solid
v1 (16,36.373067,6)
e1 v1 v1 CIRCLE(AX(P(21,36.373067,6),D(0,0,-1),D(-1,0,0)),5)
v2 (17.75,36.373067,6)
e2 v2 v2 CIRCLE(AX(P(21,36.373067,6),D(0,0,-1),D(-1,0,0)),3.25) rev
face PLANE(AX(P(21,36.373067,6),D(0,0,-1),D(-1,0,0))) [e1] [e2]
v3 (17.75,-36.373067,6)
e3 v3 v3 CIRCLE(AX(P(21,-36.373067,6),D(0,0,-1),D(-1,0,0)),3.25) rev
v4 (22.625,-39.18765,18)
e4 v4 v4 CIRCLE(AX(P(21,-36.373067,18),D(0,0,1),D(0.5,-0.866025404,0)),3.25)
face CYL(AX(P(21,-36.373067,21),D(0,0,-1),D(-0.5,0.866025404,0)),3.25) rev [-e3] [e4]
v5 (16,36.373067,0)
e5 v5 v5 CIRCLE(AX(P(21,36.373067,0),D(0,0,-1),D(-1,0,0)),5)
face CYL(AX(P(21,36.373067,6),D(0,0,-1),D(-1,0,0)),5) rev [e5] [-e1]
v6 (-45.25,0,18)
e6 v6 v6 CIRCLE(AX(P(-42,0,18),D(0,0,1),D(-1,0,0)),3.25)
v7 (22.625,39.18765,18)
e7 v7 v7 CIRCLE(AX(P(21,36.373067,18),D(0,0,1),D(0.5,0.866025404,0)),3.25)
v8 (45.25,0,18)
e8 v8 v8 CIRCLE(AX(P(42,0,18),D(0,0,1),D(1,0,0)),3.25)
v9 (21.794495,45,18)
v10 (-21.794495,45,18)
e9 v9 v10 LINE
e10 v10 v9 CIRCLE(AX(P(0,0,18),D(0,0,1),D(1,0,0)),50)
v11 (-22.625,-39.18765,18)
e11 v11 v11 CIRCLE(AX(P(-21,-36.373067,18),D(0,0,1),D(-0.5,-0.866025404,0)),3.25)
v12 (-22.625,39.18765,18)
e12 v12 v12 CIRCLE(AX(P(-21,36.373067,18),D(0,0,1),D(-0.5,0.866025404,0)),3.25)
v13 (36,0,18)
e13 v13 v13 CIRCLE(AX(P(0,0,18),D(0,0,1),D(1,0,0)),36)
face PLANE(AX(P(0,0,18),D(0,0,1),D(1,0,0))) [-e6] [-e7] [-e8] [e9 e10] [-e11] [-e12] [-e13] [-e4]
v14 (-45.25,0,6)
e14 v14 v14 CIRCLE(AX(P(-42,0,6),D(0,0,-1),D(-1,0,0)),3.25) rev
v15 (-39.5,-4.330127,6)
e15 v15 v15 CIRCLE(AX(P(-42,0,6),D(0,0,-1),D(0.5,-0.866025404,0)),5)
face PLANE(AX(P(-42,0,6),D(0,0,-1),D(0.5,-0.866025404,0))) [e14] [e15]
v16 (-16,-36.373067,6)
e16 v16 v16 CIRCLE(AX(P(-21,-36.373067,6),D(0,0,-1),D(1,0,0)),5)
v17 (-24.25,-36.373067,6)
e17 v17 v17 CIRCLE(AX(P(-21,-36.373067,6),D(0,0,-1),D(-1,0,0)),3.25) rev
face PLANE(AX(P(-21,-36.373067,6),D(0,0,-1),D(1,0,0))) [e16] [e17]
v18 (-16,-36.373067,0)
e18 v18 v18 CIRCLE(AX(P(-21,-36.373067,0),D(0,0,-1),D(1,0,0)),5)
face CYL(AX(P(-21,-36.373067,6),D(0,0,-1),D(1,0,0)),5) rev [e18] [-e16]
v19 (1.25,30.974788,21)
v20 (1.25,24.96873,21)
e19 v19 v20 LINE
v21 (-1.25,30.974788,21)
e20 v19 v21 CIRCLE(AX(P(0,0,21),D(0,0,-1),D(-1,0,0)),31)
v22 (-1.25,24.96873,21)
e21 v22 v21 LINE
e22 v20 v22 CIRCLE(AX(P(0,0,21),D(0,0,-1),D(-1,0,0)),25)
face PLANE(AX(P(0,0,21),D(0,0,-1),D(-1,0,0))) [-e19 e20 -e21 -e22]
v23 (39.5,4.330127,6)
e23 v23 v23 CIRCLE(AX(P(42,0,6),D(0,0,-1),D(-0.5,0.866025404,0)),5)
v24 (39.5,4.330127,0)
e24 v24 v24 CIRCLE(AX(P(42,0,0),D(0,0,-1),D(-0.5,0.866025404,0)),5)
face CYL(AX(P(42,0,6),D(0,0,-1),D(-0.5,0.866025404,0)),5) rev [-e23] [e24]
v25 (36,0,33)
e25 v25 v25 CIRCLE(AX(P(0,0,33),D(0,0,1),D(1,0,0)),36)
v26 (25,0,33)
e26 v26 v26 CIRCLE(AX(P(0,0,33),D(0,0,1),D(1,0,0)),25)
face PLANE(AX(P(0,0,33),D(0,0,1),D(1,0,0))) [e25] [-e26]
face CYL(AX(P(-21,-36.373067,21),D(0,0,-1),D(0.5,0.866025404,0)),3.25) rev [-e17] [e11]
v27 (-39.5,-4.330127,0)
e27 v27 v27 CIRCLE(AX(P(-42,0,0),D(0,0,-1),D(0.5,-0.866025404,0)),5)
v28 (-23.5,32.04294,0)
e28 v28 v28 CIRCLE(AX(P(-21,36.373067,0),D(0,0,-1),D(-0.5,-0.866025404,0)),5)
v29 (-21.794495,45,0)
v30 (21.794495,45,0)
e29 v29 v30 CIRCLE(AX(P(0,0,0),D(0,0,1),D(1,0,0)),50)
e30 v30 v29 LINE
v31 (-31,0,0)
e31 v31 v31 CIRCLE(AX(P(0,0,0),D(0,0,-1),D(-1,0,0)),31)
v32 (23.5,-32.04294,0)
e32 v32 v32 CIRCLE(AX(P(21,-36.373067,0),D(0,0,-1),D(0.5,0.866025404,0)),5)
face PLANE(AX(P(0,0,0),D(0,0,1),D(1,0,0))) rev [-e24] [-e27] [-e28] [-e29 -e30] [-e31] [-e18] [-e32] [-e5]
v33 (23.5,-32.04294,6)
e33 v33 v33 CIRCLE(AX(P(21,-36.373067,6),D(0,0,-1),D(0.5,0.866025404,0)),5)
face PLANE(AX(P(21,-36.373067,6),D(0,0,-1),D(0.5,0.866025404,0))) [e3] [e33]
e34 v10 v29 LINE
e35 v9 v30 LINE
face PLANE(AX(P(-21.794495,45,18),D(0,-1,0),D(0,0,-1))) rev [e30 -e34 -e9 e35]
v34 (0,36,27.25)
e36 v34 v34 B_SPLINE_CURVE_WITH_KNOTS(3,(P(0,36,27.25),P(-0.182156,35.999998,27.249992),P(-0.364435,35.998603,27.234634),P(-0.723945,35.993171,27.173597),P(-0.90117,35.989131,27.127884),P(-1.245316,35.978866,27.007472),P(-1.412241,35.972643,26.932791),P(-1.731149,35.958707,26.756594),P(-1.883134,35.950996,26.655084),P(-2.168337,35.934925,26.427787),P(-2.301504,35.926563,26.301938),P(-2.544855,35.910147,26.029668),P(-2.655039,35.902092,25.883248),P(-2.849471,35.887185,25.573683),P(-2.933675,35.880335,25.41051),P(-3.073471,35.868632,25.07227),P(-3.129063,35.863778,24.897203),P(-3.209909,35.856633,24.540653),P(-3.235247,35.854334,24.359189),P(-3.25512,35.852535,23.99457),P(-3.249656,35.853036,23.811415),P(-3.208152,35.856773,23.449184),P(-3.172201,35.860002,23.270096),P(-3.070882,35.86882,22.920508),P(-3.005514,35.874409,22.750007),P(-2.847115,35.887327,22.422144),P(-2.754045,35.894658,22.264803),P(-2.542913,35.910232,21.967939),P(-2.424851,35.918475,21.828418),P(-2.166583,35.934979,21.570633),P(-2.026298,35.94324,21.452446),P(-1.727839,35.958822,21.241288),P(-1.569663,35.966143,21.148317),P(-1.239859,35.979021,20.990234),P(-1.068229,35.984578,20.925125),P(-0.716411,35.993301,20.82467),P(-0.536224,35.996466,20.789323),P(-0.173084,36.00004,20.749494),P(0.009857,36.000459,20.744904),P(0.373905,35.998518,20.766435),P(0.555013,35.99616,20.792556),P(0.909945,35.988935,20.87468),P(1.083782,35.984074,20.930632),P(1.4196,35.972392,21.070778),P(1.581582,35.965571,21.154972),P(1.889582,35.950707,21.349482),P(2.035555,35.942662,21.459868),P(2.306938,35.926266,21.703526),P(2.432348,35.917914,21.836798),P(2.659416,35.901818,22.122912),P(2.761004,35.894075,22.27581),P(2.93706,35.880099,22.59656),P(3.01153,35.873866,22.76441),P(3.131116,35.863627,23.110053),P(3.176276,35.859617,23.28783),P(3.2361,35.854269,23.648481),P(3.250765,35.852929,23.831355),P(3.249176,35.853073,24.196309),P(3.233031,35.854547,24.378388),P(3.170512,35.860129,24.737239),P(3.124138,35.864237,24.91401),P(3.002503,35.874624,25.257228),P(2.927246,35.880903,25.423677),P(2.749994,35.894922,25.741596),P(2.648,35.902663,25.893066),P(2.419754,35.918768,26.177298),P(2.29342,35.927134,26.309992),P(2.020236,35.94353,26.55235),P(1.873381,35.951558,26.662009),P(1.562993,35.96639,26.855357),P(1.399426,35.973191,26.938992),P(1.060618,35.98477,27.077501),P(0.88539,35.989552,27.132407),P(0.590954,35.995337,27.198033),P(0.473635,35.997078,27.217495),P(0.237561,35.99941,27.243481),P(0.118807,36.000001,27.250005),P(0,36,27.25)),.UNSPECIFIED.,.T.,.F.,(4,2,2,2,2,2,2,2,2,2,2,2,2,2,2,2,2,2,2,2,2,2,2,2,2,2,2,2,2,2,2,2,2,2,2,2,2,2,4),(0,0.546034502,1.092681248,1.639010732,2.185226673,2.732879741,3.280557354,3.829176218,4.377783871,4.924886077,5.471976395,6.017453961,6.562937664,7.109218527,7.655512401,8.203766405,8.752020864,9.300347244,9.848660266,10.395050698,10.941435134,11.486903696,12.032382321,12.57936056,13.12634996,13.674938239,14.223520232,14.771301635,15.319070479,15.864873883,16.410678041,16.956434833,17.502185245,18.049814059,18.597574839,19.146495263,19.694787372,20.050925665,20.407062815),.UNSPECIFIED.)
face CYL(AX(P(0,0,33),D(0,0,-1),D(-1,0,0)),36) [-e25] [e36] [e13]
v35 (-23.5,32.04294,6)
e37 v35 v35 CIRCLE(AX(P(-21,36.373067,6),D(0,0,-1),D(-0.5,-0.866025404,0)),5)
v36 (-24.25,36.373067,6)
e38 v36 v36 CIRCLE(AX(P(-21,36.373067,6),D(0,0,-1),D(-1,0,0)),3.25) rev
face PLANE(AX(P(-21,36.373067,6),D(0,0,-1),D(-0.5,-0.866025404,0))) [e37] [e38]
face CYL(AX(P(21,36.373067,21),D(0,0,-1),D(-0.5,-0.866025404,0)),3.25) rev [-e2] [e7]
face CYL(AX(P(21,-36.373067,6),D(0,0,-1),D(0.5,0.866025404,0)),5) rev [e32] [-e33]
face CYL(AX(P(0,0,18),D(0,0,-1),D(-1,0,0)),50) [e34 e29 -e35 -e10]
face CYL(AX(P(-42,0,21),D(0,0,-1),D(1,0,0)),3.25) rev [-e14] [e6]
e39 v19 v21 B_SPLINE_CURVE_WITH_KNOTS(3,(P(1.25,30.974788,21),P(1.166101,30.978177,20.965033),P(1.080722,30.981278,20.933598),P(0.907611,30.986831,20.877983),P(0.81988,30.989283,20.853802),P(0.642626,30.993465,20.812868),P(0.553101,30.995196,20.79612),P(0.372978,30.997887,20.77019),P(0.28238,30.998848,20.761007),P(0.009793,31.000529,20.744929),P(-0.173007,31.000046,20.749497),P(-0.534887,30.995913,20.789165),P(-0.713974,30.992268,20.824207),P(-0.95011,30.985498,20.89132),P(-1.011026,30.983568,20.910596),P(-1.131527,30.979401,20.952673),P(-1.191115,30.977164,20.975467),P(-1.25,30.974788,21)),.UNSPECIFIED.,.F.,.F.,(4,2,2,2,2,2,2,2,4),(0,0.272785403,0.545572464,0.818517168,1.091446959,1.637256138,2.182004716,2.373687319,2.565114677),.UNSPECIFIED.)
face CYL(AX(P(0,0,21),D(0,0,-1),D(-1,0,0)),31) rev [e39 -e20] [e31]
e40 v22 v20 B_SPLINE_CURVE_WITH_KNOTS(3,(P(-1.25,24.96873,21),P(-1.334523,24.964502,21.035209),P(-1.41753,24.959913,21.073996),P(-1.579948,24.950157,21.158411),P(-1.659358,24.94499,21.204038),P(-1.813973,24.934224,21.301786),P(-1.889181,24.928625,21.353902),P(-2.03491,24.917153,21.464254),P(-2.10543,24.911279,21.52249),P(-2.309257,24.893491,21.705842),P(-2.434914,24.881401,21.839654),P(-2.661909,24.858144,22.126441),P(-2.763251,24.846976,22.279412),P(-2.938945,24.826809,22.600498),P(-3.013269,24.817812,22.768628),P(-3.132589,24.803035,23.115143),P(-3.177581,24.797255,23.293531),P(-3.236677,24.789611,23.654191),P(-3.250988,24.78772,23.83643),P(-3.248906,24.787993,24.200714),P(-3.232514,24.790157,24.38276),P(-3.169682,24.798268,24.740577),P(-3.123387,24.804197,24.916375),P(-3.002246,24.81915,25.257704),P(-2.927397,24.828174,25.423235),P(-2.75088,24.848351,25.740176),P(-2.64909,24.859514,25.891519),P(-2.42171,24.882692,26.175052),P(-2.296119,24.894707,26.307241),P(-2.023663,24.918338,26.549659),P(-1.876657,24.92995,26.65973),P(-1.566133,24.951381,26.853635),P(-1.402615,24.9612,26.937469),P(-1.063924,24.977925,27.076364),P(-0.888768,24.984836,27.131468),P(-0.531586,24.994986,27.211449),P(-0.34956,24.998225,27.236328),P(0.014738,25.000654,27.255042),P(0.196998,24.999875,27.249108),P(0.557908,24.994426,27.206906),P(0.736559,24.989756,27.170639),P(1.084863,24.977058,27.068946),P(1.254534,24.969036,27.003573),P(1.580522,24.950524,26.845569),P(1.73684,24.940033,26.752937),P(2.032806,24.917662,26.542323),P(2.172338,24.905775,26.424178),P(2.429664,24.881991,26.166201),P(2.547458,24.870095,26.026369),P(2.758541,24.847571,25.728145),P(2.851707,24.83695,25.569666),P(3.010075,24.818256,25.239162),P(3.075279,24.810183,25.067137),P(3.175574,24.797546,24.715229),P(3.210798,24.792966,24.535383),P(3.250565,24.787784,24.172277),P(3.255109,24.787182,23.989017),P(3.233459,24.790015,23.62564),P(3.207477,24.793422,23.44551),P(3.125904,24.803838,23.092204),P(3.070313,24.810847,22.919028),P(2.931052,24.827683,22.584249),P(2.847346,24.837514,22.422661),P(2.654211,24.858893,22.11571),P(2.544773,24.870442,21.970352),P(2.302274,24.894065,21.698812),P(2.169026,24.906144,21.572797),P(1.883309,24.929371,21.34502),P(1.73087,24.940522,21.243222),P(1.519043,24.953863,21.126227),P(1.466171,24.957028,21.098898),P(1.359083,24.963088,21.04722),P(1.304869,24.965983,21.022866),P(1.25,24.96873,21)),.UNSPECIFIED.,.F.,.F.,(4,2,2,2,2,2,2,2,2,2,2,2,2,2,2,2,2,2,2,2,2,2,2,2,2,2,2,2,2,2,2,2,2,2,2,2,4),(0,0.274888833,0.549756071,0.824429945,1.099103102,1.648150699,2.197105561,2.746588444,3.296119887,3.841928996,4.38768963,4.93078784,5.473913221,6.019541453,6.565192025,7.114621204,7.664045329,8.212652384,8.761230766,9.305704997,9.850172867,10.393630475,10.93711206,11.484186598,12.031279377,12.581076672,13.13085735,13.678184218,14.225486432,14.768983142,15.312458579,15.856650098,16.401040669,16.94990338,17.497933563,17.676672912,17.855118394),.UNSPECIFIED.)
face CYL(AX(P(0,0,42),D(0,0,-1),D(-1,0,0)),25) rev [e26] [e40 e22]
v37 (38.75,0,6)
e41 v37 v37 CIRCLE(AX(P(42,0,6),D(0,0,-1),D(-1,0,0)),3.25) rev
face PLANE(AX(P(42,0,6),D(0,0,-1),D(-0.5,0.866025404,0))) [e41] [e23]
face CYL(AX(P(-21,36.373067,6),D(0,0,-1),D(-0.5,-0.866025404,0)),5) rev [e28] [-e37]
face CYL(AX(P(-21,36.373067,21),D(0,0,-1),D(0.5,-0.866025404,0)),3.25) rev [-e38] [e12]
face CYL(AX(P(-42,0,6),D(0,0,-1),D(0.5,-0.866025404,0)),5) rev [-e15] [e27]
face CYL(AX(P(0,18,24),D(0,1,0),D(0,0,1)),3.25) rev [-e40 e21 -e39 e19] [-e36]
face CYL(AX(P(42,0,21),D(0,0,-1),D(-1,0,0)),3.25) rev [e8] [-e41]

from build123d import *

# Parameters (mm, degrees)
SALIENTE_EXTRUIR1_DEPTH = 18
CROQUIS2_R              = 36
SALIENTE_EXTRUIR2_DEPTH = 15
CROQUIS3_R              = 31
CORTAR_EXTRUIR1_DEPTH   = 21
CROQUIS4_R              = 25
CORTAR_EXTRUIR2_DEPTH   = 21
CROQUIS5_R              = 3.25
CORTAR_EXTRUIR3_DEPTH   = 21
MATRIZC1_COUNT          = 6
CROQUIS6_R              = 5
CORTAR_EXTRUIR4_DEPTH   = 6
MATRIZC2_COUNT          = 6
CROQUIS7_R              = 3.25
CORTAR_EXTRUIR5_DEPTH   = 27


with BuildPart() as part:
    # Croquis1 → Saliente-Extruir1 (new body)
    with BuildSketch(Plane.XY):
        with BuildLine():
            Line((-21.794494718, 45), (21.794494718, 45))
            ThreePointArc((21.794494718, 45), (0, -50), (-21.794494718, 45))
        make_face()
    extrude(amount=SALIENTE_EXTRUIR1_DEPTH)

    # Croquis2 → Saliente-Extruir2 (add)
    with BuildSketch(Plane.XY.offset(18)):
        Circle(CROQUIS2_R)
    extrude(amount=SALIENTE_EXTRUIR2_DEPTH)

    # Croquis3 → Cortar-Extruir1 (cut)
    with BuildSketch(Plane(origin=(0, 0, 0), x_dir=(-1, 0, 0), z_dir=(0, 0, -1))):
        Circle(CROQUIS3_R)
    extrude(amount=-CORTAR_EXTRUIR1_DEPTH, mode=Mode.SUBTRACT)

    # Croquis4 → Cortar-Extruir2 (cut)
    with BuildSketch(Plane(origin=(0, 0, 21), x_dir=(-1, 0, 0), z_dir=(0, 0, -1))):
        Circle(CROQUIS4_R)
    extrude(amount=-CORTAR_EXTRUIR2_DEPTH, mode=Mode.SUBTRACT)

    # Croquis5 → Cortar-Extruir3 (cut)
    with BuildSketch(Plane(origin=(0, 0, 0), x_dir=(-1, 0, 0), z_dir=(0, 0, -1))):
        with Locations((-42, 0)):
            Circle(CROQUIS5_R)
    cortar_extruir3 = extrude(amount=-CORTAR_EXTRUIR3_DEPTH, mode=Mode.SUBTRACT)

    # MatrizC1: Cortar-Extruir3 ×6 about axis
    matrizc1_axis = Axis((0, 0, 0), (0, 0, 1))
    for i in range(1, MATRIZC1_COUNT):
        add(cortar_extruir3.rotate(matrizc1_axis, i * 360 / MATRIZC1_COUNT), mode=Mode.SUBTRACT)

    # Croquis6 → Cortar-Extruir4 (cut)
    with BuildSketch(Plane(origin=(0, 0, 0), x_dir=(-1, 0, 0), z_dir=(0, 0, -1))):
        with Locations((-21, 36.373066959)):
            Circle(CROQUIS6_R)
    cortar_extruir4 = extrude(amount=-CORTAR_EXTRUIR4_DEPTH, mode=Mode.SUBTRACT)

    # MatrizC2: Cortar-Extruir4 ×6 about axis
    matrizc2_axis = Axis((0, 0, 0), (0, 0, 1))
    for i in range(1, MATRIZC2_COUNT):
        add(cortar_extruir4.rotate(matrizc2_axis, i * 360 / MATRIZC2_COUNT), mode=Mode.SUBTRACT)

    # Croquis7 → Cortar-Extruir5 (cut)
    with BuildSketch(Plane(origin=(0, 45, 0), x_dir=(1, 0, 0), z_dir=(0, 1, 0))):
        with Locations((0, -24)):
            Circle(CROQUIS7_R)
    extrude(amount=-CORTAR_EXTRUIR5_DEPTH, mode=Mode.SUBTRACT)


solid = part.part
